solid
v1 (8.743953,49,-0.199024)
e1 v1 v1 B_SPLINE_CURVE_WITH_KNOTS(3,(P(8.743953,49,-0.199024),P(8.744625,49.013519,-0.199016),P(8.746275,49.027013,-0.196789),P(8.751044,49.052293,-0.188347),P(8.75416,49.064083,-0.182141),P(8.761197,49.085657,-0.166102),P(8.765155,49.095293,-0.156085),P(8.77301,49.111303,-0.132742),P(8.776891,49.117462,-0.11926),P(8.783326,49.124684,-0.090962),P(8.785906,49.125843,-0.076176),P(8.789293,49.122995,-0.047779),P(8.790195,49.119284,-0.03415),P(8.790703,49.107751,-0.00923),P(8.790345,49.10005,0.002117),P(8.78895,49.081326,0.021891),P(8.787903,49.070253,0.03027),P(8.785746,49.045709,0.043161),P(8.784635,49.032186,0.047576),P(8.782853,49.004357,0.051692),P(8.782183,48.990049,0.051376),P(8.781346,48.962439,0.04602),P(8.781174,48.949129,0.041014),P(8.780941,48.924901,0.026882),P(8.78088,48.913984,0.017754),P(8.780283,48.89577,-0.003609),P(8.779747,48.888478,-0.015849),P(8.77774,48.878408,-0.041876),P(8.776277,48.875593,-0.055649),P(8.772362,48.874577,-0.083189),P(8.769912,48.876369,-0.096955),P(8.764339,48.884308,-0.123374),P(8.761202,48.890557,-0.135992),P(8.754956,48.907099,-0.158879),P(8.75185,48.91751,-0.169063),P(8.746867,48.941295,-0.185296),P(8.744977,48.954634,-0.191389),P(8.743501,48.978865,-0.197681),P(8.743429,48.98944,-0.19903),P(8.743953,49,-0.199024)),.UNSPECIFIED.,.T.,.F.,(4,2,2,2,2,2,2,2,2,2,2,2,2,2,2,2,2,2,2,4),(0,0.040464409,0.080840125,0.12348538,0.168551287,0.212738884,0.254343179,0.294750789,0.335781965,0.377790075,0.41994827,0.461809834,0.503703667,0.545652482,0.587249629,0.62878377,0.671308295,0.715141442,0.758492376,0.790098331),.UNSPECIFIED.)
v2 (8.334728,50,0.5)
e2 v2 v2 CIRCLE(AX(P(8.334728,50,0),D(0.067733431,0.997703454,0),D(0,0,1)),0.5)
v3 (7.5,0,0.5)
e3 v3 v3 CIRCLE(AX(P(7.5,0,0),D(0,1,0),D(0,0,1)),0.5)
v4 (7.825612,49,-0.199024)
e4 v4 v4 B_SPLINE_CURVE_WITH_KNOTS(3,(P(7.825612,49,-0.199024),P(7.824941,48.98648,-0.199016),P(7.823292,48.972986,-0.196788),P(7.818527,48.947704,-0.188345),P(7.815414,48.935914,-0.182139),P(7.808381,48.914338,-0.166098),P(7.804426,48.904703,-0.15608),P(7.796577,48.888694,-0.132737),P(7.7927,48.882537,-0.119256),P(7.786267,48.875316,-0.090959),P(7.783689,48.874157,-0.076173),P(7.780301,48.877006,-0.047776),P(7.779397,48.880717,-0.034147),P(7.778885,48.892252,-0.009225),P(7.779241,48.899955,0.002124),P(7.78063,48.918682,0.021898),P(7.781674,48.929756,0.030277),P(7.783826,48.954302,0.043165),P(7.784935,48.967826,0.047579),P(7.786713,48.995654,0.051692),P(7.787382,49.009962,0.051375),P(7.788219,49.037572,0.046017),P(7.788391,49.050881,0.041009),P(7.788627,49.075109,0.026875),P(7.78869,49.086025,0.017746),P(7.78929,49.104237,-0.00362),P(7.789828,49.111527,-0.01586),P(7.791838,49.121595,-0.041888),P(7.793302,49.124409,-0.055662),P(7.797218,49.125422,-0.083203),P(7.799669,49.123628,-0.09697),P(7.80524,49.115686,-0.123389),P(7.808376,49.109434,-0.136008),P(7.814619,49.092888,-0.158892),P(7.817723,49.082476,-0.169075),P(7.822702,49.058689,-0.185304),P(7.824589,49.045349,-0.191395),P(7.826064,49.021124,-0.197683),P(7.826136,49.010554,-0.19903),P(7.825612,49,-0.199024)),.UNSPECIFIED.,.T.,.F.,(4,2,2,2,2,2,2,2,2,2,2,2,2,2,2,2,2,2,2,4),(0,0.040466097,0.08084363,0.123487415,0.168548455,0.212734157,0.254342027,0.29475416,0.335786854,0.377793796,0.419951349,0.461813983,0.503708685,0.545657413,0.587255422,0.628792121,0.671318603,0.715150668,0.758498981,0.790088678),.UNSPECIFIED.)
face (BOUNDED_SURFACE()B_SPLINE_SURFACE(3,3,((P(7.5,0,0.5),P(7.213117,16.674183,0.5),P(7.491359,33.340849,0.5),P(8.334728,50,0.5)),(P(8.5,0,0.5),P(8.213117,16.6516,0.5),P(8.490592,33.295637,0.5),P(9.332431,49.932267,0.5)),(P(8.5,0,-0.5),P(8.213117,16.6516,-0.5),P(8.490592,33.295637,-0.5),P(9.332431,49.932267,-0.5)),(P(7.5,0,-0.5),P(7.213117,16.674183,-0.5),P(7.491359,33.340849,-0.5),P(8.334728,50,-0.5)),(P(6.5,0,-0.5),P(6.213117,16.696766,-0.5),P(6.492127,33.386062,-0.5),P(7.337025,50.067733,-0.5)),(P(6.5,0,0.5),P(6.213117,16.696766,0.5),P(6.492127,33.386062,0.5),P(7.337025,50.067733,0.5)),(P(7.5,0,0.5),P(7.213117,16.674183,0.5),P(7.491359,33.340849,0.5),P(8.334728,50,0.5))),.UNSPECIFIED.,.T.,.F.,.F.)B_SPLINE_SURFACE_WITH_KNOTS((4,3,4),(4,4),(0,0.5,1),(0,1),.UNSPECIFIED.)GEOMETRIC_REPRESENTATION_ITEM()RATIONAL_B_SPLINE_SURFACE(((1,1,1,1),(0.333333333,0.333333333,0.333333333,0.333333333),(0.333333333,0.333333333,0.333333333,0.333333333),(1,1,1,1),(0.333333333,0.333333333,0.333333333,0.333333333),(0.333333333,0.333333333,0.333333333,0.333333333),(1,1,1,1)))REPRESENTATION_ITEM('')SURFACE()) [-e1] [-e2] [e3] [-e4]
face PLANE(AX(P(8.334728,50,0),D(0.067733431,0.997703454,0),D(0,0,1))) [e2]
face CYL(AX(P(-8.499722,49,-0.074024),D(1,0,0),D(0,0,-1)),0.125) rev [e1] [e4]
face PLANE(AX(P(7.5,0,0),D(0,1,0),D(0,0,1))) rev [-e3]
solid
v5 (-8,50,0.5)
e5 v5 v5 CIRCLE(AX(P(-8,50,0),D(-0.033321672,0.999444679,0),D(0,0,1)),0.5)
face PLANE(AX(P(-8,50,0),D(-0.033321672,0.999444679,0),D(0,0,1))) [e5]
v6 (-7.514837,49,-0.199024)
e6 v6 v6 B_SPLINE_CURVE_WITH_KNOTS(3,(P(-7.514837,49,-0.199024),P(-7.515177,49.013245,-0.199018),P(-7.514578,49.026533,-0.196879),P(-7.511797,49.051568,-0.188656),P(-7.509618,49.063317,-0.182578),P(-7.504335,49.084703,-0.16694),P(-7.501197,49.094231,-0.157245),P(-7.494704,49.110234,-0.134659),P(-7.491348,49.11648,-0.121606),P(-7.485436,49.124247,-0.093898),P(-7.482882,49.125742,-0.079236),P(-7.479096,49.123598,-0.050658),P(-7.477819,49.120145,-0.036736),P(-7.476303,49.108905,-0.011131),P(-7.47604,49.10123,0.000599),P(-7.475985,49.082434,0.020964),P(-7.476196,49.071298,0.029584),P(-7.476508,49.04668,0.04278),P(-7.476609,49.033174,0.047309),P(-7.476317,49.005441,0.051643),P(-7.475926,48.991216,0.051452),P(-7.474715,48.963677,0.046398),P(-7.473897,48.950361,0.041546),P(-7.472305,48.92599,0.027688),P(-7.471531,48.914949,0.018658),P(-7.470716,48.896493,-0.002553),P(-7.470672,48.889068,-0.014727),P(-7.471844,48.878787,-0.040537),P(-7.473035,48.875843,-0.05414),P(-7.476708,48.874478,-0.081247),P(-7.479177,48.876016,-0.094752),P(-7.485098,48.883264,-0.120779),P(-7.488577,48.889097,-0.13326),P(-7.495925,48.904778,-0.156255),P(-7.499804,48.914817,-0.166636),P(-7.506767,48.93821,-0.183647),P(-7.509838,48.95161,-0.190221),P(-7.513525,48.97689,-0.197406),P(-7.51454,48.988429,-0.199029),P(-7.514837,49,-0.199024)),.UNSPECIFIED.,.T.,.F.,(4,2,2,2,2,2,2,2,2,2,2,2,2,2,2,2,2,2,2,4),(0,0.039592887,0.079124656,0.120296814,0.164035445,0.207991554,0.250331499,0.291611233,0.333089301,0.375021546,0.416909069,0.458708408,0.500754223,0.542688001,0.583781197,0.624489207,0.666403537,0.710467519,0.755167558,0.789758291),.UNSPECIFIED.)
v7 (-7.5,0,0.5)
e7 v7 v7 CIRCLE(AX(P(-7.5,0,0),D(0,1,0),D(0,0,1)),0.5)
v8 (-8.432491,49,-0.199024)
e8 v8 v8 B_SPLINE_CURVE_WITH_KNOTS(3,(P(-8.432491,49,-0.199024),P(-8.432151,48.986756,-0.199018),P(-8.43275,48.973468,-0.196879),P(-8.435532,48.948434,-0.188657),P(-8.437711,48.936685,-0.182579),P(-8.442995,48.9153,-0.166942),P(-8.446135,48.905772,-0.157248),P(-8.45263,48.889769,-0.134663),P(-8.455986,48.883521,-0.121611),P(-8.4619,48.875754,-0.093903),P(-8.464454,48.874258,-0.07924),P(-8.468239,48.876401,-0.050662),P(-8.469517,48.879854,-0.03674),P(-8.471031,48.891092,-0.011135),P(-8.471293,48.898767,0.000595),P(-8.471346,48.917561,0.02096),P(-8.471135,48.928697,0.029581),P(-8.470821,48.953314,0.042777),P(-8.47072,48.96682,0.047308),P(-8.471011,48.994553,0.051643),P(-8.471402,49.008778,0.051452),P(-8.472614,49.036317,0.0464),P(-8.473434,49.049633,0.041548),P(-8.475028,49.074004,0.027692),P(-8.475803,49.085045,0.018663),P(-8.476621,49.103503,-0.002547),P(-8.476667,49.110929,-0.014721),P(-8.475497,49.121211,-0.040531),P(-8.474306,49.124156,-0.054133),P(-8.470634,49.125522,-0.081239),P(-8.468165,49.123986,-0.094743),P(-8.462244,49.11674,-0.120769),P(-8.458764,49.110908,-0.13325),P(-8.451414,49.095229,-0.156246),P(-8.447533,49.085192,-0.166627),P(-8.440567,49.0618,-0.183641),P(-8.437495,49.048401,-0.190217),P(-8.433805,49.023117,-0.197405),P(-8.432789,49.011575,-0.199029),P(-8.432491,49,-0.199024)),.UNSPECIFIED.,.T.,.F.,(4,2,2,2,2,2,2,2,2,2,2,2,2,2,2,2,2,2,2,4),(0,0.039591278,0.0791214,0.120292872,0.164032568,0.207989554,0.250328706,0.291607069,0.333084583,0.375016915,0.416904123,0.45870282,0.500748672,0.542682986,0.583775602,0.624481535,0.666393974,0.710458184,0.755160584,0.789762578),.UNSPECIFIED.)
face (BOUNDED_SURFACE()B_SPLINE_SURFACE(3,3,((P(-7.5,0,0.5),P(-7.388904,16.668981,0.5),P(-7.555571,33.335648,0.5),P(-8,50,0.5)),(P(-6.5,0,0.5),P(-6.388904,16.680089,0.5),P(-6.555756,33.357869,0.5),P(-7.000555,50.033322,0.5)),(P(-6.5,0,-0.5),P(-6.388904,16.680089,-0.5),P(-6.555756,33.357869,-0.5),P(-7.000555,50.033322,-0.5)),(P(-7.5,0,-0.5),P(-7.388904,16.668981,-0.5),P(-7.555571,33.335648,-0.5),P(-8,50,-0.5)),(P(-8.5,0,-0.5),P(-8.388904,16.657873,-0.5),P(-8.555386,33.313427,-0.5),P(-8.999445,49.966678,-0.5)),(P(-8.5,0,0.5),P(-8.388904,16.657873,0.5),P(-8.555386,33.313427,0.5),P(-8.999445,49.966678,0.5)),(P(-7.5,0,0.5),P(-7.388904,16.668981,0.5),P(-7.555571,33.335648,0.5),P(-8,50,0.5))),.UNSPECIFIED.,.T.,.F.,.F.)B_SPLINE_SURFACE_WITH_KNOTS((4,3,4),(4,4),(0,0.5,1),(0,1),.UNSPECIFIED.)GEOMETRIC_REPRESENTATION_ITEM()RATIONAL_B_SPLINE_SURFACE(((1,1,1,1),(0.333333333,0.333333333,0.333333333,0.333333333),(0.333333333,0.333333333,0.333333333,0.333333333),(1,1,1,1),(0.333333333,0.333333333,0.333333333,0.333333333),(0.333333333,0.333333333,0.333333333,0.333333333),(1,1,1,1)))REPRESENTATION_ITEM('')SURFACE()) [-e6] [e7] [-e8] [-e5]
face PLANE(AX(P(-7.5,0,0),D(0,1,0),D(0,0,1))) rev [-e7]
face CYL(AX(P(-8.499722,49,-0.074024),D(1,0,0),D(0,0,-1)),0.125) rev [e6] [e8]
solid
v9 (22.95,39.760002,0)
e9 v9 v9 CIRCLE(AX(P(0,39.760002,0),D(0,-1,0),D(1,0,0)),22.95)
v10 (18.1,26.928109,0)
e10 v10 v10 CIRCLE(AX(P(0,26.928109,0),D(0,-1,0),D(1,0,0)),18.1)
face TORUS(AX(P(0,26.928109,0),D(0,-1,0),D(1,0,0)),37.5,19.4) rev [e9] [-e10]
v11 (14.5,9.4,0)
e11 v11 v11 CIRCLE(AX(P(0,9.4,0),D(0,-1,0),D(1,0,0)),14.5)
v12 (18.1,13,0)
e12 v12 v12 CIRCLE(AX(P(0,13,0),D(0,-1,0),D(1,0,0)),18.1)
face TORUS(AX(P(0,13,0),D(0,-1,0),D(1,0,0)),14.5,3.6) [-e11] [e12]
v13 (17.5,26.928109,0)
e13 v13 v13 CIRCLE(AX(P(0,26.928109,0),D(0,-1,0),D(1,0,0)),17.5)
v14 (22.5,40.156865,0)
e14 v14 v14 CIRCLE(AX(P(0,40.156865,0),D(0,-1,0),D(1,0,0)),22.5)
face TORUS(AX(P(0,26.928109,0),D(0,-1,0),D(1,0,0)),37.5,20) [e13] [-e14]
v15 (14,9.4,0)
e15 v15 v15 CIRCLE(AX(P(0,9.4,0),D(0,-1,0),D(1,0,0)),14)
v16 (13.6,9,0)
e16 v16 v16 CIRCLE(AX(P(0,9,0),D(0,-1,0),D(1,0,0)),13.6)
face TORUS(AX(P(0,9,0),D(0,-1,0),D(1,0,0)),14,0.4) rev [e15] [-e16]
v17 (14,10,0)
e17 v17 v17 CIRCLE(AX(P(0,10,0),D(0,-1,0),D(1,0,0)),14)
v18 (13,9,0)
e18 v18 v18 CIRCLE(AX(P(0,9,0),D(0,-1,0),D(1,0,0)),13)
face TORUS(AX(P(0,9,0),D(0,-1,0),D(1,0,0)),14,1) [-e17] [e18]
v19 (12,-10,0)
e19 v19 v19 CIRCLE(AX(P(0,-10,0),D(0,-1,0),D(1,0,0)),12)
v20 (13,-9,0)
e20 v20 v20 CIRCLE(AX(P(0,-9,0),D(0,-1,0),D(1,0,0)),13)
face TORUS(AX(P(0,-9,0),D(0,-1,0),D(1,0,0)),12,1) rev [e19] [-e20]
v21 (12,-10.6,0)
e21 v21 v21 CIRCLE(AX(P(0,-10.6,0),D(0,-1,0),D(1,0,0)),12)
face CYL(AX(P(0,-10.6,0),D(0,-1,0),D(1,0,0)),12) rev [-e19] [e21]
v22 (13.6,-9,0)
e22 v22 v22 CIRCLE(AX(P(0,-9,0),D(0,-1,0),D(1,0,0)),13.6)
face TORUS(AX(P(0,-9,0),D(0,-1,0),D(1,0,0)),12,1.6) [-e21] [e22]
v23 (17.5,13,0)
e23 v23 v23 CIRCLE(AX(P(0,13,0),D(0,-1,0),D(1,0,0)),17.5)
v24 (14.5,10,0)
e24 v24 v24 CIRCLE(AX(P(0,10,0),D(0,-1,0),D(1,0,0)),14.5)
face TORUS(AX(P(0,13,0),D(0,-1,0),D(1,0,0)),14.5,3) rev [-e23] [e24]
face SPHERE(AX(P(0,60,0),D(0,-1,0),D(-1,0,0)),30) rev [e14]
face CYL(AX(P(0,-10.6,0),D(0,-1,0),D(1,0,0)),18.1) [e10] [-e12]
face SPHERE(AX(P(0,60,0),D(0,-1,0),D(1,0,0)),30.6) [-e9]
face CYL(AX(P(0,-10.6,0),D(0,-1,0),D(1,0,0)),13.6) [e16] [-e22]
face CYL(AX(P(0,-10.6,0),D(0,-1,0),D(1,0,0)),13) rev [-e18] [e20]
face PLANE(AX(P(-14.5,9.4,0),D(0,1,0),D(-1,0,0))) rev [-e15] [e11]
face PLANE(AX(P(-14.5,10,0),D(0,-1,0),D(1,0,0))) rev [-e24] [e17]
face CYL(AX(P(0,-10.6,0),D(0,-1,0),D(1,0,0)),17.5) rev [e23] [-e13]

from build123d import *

# Parameters (mm, degrees)
SKETCH1_R               = 0.5
SKETCH3_R               = 0.5
SKETCH5_R               = 0.125
CUT_EXTRUDE1_DEPTH      = 9.833579848
CUT_EXTRUDE1_DEPTH_BACK = 9.499722439


with BuildPart() as part:
    # Sweep1: sweep along a path in Sketch2
    with BuildLine(Plane.XY) as sweep1_path:
        add(Edge.make_bspline(
            [(7.5, 0), (7.069674779, 25.011273871), (8.334728021, 50)],
            knots=[0, 0, 0, 1, 1, 1], degree=2))
    # Sketch1 → Sweep1 (sweep)
    with BuildSketch(Plane(origin=(0, 0, 0), x_dir=(1, 0, 0), z_dir=(0, 1, 0))):
        with Locations((7.5, 0)):
            Circle(SKETCH1_R)
    sweep(path=sweep1_path.line)


with BuildPart() as body_2:
    # Sweep2: sweep along a path in Sketch4
    with BuildLine(Plane.XY) as sweep2_path:
        add(Edge.make_bspline(
            [(-7.5, 0), (-7.333356477, 25.003471788), (-8, 50)],
            knots=[0, 0, 0, 1, 1, 1], degree=2))
    # Sketch3 → Sweep2 (sweep)
    with BuildSketch(Plane(origin=(0, 0, 0), x_dir=(1, 0, 0), z_dir=(0, 1, 0))):
        with Locations((-7.5, 0)):
            Circle(SKETCH3_R)
    sweep(path=sweep2_path.line)


with BuildPart() as cut_extrude1_tool:
    # Sketch5 → Cut-Extrude1 (new body, two sides)
    with BuildSketch(Plane(origin=(0, 0, 0), x_dir=(0, 0, -1), z_dir=(1, 0, 0))) as cut_extrude1_sk:
        with Locations((0.074023712, 49)):
            Circle(SKETCH5_R)
    extrude(amount=CUT_EXTRUDE1_DEPTH)
    extrude(cut_extrude1_sk.sketch, amount=-CUT_EXTRUDE1_DEPTH_BACK)


with BuildPart() as part_1:
    add(part.part)

    # Cut-Extrude1: cut by cut_extrude1_tool
    add(cut_extrude1_tool.part, mode=Mode.SUBTRACT)


with BuildPart() as body_2_1:
    add(body_2.part)

    # Cut-Extrude1: cut by cut_extrude1_tool
    add(cut_extrude1_tool.part, mode=Mode.SUBTRACT)


with BuildPart() as body_3:
    # Sketch6 → Revolve2 (revolve)
    with BuildSketch(Plane.XY):
        with BuildLine():
            Line((0, 90.6), (0, 90))
            ThreePointArc((0, 90), (-27.343134833, 72.343134833), (-22.5, 40.156865167))
            ThreePointArc((-22.5, 40.156865167), (-18.791713066, 33.999176424), (-17.5, 26.928108612))
            Line((-17.5, 26.928108612), (-17.5, 13))
            ThreePointArc((-17.5, 13), (-16.621320344, 10.878679656), (-14.5, 10))
            Line((-14.5, 10), (-14, 10))
            ThreePointArc((-14, 10), (-13.292893219, 9.707106781), (-13, 9))
            Line((-13, 9), (-13, -9))
            ThreePointArc((-13, -9), (-12.707106781, -9.707106781), (-12, -10))
            Line((-12, -10), (-12, -10.6))
            ThreePointArc((-12, -10.6), (-13.13137085, -10.13137085), (-13.6, -9))
            Line((-13.6, -9), (-13.6, 9))
            ThreePointArc((-13.6, 9), (-13.717157288, 9.282842712), (-14, 9.4))
            Line((-14, 9.4), (-14.5, 9.4))
            ThreePointArc((-14.5, 9.4), (-17.045584412, 10.454415588), (-18.1, 13))
            Line((-18.1, 13), (-18.1, 26.928108612))
            ThreePointArc((-18.1, 26.928108612), (-19.352961674, 33.787044389), (-22.95, 39.76000247))
            ThreePointArc((-22.95, 39.76000247), (-27.88999753, 72.58999753), (0, 90.6))
        make_face()
    revolve(axis=Axis((0, -10.6, 0), (0, 1, 0)))


solid = Compound([part_1.part, body_2_1.part, body_3.part])
